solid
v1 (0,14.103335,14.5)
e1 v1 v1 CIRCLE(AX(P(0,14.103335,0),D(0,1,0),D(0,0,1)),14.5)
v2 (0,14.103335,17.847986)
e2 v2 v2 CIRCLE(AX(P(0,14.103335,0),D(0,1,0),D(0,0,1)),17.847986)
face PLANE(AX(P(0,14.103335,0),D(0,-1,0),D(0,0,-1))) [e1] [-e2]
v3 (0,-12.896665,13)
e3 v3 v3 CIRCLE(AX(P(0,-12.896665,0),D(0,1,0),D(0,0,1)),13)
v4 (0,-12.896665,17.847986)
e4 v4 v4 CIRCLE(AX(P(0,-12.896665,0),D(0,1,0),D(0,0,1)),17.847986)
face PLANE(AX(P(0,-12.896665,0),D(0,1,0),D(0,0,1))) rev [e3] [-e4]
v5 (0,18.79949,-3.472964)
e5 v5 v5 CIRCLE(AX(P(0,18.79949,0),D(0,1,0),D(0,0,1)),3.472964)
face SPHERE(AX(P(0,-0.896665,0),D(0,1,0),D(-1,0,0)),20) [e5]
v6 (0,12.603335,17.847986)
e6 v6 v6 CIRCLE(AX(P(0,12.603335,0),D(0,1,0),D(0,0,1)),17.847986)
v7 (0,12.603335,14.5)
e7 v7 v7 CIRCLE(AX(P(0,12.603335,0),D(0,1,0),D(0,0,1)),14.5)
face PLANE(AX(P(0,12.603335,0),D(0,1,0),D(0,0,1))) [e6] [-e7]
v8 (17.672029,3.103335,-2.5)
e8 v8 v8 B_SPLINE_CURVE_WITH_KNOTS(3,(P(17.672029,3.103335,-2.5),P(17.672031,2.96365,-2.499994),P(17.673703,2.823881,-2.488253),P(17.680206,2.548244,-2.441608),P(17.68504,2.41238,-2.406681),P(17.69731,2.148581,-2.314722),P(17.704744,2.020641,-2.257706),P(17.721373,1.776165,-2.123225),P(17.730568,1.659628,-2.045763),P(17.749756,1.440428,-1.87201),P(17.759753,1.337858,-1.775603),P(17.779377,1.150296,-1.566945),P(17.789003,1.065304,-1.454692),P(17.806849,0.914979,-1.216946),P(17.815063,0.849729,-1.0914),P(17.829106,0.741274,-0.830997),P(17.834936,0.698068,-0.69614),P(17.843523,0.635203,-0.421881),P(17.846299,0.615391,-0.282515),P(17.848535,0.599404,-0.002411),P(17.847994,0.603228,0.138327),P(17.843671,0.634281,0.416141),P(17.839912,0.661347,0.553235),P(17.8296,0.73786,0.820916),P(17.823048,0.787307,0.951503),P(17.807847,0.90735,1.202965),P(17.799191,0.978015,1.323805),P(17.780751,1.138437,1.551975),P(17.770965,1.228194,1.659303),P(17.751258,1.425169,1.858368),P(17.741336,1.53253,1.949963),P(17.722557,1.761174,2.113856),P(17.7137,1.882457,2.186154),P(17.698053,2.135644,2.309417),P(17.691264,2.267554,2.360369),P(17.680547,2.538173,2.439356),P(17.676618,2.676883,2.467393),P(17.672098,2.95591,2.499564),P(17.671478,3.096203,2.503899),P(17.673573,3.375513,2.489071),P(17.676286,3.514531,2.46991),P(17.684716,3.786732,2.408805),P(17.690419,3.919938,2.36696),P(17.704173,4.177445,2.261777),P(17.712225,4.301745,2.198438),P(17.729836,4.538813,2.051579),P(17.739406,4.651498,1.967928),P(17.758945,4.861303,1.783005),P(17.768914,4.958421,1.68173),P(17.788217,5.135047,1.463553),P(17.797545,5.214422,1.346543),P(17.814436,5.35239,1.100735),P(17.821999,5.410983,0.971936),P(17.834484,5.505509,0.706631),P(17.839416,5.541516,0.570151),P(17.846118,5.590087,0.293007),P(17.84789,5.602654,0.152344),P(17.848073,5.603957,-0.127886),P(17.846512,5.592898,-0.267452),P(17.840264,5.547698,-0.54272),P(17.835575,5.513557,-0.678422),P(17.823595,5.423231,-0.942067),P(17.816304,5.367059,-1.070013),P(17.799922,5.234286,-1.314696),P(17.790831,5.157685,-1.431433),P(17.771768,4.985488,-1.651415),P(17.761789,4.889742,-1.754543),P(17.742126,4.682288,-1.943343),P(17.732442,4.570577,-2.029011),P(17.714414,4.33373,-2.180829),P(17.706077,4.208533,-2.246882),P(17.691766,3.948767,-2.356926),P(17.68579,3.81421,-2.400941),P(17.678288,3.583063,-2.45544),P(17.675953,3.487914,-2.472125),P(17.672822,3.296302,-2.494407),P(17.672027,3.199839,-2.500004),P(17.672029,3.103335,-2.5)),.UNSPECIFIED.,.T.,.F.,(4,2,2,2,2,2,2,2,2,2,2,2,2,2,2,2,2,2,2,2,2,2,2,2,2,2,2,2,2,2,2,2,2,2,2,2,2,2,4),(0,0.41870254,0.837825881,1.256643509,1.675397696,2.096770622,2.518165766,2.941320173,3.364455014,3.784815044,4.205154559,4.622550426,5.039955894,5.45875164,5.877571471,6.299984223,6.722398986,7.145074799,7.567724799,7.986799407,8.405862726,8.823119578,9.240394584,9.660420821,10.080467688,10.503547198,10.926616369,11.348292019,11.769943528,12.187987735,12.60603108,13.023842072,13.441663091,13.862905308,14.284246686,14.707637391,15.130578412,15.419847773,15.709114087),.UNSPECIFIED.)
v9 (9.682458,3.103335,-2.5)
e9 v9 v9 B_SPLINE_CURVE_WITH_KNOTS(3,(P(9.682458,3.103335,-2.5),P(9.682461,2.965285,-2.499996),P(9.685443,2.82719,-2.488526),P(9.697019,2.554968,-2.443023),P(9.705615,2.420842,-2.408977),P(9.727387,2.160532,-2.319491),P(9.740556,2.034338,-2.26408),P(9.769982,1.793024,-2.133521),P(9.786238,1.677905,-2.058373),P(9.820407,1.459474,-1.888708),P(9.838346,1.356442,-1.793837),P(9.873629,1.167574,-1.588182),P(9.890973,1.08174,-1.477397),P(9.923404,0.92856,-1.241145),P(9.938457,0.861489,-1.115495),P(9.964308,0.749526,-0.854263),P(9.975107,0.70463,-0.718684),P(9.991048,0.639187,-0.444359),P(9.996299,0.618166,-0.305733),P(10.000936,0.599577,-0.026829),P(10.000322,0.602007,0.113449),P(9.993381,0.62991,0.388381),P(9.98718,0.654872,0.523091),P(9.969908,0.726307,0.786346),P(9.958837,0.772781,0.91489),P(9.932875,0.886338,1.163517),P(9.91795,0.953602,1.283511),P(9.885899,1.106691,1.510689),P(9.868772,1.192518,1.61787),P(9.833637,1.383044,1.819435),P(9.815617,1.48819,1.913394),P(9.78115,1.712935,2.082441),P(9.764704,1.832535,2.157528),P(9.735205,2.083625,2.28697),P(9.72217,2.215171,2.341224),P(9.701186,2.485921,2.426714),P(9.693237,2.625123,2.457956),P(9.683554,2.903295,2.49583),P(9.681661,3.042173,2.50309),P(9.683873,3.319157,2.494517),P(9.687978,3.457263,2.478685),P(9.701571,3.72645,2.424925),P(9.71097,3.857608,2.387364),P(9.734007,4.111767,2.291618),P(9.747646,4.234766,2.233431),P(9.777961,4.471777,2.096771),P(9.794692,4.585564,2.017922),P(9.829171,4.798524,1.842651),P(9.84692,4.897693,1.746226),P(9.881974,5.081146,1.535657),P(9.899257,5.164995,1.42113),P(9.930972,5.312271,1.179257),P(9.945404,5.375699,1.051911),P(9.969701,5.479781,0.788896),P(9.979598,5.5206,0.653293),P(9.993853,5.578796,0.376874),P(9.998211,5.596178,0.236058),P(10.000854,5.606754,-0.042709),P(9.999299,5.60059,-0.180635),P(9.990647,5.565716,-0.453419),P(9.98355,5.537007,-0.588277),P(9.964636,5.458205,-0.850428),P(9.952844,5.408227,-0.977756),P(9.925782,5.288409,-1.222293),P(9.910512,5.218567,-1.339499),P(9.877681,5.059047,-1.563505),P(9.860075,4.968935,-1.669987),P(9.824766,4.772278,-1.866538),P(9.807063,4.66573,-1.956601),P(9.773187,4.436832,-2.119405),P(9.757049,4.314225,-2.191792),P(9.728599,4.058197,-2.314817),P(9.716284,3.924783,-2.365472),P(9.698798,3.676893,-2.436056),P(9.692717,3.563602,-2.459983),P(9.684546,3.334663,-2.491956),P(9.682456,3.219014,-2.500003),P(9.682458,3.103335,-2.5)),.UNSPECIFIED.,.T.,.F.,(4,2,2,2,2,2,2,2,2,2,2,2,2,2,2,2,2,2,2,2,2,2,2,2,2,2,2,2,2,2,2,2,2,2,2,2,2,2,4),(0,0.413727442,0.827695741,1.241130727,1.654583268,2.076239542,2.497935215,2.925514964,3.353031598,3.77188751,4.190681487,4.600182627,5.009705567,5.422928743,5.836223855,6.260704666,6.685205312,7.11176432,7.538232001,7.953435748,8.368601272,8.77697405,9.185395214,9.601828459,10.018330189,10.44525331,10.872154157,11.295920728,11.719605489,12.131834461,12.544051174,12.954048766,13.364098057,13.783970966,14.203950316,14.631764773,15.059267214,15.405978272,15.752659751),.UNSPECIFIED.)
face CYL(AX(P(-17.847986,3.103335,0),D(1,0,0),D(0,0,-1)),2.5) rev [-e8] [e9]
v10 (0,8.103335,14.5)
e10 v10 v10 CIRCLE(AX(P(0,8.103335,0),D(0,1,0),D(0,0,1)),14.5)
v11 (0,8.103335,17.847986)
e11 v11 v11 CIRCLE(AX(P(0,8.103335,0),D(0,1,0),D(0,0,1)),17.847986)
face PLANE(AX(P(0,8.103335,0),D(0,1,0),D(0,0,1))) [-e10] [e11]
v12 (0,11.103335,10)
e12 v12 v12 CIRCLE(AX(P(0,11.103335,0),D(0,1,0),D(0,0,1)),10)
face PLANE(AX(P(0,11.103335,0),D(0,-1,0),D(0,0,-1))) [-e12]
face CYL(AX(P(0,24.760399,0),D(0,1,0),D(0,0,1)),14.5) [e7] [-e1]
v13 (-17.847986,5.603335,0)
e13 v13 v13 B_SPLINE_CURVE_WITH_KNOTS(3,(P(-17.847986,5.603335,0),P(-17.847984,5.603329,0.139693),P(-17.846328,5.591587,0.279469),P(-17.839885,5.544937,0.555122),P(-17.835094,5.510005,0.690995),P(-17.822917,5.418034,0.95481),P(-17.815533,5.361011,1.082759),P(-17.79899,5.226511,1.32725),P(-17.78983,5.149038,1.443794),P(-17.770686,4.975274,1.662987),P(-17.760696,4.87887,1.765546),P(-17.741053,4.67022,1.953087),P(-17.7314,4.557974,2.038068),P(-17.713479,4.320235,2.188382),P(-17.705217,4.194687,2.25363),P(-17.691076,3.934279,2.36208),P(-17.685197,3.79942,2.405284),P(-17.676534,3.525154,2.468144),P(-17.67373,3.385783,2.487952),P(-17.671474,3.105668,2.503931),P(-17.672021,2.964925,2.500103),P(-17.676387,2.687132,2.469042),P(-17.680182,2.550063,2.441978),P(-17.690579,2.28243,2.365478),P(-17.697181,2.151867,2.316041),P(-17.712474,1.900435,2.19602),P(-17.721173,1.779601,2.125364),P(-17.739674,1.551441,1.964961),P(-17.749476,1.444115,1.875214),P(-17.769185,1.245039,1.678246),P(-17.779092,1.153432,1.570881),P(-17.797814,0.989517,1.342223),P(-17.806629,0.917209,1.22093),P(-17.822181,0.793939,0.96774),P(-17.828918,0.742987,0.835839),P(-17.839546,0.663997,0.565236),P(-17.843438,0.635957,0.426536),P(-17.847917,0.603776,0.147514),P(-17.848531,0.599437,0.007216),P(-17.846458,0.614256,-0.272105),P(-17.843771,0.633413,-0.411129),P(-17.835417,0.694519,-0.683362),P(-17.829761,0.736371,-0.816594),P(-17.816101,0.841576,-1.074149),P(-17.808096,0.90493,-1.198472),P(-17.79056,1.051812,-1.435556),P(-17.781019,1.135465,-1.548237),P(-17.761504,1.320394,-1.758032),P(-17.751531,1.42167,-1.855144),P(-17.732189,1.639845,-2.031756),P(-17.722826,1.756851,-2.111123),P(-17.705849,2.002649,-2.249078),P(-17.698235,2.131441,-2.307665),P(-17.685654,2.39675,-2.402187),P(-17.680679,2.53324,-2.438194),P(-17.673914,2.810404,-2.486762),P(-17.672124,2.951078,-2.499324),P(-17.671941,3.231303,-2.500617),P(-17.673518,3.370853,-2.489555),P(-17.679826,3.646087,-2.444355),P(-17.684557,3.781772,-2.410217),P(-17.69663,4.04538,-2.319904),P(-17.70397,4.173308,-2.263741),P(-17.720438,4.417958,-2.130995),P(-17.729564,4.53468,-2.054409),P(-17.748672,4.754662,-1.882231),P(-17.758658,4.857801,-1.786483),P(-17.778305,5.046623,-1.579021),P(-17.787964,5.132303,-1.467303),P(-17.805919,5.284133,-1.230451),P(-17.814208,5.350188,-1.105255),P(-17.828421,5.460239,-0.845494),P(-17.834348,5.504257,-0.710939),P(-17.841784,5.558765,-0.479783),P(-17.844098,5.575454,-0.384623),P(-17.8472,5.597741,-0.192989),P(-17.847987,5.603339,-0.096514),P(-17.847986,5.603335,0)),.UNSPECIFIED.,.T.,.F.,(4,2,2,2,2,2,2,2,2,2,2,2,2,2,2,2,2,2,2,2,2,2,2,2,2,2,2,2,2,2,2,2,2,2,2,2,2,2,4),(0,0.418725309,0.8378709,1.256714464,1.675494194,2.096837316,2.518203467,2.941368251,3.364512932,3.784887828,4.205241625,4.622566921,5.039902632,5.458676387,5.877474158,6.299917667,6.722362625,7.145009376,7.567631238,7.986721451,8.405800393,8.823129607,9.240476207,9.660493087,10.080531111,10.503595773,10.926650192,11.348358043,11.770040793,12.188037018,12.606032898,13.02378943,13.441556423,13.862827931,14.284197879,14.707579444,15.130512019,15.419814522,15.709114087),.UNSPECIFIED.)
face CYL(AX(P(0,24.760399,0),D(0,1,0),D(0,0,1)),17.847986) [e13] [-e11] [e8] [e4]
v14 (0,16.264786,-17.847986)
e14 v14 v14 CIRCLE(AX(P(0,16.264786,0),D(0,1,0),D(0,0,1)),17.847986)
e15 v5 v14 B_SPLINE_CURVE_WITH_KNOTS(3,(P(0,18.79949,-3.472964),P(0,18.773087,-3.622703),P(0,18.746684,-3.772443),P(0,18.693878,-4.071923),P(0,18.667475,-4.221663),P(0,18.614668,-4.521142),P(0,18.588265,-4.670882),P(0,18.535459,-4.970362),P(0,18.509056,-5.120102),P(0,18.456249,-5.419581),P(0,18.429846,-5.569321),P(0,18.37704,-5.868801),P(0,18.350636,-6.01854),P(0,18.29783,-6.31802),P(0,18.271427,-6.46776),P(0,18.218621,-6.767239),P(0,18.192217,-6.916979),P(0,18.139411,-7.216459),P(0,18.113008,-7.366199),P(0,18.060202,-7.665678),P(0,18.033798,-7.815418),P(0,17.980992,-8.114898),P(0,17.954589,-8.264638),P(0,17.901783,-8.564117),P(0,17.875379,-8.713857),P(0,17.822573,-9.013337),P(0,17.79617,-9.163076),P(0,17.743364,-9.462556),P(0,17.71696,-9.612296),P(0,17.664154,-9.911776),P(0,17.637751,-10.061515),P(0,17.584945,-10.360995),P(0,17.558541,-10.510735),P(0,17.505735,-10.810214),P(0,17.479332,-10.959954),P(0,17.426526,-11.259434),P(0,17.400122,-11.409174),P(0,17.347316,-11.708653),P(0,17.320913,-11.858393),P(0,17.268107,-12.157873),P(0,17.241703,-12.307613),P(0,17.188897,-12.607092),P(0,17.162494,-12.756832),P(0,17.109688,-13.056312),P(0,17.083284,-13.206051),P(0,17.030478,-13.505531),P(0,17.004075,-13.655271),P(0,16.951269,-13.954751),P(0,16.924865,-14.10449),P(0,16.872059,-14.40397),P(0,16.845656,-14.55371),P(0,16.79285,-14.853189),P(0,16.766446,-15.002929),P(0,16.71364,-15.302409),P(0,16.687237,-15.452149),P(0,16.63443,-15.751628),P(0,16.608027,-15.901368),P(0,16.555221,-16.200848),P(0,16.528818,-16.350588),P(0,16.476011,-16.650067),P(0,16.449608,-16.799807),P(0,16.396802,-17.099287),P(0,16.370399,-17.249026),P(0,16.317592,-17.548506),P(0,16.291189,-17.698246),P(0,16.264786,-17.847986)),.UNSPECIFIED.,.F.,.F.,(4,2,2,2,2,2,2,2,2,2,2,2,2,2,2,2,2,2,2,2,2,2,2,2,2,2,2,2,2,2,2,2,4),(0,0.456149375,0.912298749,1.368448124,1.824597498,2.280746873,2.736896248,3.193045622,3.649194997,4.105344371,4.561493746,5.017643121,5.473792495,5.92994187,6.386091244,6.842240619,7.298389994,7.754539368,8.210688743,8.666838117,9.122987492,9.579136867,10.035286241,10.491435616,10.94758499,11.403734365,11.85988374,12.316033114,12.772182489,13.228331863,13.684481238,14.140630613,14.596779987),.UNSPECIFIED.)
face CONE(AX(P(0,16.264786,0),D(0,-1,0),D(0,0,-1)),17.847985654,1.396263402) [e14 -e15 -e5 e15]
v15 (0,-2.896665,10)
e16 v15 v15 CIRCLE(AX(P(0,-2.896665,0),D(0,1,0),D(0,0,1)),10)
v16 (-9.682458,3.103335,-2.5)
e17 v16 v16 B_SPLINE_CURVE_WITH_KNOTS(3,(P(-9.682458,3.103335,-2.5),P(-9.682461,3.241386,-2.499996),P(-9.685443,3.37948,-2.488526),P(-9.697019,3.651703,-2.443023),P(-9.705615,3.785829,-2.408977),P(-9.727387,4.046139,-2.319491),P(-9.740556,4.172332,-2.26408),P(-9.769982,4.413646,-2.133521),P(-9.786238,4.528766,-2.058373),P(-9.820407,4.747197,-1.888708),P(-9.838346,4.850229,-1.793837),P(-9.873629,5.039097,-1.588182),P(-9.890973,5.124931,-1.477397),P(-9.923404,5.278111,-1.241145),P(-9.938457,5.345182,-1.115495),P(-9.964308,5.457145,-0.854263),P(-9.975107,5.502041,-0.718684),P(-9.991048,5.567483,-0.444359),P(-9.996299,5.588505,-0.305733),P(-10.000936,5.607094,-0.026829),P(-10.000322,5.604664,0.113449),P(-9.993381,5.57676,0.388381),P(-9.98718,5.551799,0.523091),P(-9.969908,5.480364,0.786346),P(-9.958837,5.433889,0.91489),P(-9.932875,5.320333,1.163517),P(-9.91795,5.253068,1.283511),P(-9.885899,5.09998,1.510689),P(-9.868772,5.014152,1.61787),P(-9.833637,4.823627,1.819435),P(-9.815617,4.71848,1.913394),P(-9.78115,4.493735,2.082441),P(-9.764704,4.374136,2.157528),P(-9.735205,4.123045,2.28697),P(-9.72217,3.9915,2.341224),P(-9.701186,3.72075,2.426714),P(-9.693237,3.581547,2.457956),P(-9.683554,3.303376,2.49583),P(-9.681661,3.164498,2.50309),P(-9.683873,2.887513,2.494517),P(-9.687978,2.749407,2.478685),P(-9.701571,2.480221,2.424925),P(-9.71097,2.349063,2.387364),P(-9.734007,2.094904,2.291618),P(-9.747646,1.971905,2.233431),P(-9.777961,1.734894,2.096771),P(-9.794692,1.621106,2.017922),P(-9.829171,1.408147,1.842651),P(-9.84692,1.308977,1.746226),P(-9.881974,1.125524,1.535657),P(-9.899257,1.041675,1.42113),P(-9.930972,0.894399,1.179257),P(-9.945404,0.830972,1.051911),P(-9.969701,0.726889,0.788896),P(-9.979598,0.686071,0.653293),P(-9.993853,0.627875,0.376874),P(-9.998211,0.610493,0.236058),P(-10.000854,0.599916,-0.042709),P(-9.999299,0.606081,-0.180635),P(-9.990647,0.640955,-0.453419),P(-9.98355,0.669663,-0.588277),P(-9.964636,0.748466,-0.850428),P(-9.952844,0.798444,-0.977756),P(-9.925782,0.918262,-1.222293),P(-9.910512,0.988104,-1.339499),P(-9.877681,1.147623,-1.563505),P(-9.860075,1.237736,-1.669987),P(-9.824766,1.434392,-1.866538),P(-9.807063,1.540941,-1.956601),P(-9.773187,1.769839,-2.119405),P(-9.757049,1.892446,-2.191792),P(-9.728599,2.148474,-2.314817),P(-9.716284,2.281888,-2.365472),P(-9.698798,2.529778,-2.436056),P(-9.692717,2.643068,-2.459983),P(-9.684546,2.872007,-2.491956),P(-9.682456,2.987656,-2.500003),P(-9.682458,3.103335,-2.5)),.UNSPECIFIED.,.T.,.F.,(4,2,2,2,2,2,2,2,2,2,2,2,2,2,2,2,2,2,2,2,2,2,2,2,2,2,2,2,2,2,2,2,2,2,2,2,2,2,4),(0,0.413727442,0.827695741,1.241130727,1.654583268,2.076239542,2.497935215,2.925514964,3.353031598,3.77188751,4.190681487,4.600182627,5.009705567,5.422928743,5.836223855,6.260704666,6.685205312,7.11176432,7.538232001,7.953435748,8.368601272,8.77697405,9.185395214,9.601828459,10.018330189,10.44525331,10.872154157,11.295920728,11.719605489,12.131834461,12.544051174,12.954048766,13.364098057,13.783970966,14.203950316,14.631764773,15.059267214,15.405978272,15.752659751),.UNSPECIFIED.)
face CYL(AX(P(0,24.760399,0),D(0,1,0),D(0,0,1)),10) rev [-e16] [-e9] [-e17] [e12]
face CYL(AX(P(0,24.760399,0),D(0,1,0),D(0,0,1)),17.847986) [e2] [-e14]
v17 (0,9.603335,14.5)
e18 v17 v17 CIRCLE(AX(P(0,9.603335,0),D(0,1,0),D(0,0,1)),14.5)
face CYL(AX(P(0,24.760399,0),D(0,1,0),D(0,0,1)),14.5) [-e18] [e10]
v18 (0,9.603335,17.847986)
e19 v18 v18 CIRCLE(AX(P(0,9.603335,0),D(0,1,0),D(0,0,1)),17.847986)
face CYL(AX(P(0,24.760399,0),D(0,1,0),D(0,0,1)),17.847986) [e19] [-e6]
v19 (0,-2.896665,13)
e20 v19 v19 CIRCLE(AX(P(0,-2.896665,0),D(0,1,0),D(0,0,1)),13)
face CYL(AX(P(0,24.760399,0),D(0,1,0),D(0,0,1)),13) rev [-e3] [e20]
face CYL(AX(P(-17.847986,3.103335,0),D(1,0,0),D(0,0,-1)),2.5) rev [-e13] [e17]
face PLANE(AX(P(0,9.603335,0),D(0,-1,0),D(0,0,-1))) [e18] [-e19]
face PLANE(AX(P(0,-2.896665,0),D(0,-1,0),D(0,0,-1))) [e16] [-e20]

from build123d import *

# Parameters (mm, degrees)
CUT_EXTRUDE1_DEPTH      = 32.654993342
CUT_EXTRUDE1_DEPTH_BACK = 32.654993342
SKETCH3_R               = 2.5


with BuildPart() as part:
    # Sketch2 → Revolve1 (revolve)
    with BuildSketch(Plane.XY, mode=Mode.PRIVATE) as revolve1_sk:
        with BuildLine():
            Line((-17.847985654, 8.103335303), (-17.847985654, -12.896664697))
            Line((-17.847985654, -12.896664697), (-13, -12.896664697))
            Line((-13, -12.896664697), (-13, -2.896664697))
            Line((-13, -2.896664697), (-10, -2.896664697))
            Line((-10, -2.896664697), (-10, 11.103335303))
            Line((-10, 11.103335303), (0, 11.103335303))
            Line((0, 11.103335303), (0, 19.103335303))
            ThreePointArc((0, 19.103335303), (-1.743114855, 19.027229265), (-3.472963553, 18.799490363))
            Line((-3.472963553, 18.799490363), (-17.847985654, 16.264786119))
            Line((-17.847985654, 16.264786119), (-17.847985654, 14.103335303))
            Line((-17.847985654, 14.103335303), (-14.5, 14.103335303))
            Line((-14.5, 14.103335303), (-14.5, 12.603335303))
            Line((-14.5, 12.603335303), (-17.847985654, 12.603335303))
            Line((-17.847985654, 12.603335303), (-17.847985654, 9.603335303))
            Line((-17.847985654, 9.603335303), (-14.5, 9.603335303))
            Line((-14.5, 9.603335303), (-14.5, 8.103335303))
            Line((-14.5, 8.103335303), (-17.847985654, 8.103335303))
        make_face()
    revolve(revolve1_sk.sketch.rotate(Axis((0, 24.760398889, 0), (0, -1, 0)), 270), axis=Axis((0, 24.760398889, 0), (0, -1, 0)))

    # Sketch3 → Cut-Extrude1 (cut, two sides: drawn at the far end of the back side and taken through both)
    with BuildSketch(Plane(origin=(0, 0, 0), x_dir=(0, 0, -1), z_dir=(1, 0, 0)).offset(-CUT_EXTRUDE1_DEPTH_BACK)):
        with Locations((0, 3.103335303)):
            Circle(SKETCH3_R)
    extrude(amount=CUT_EXTRUDE1_DEPTH + CUT_EXTRUDE1_DEPTH_BACK, mode=Mode.SUBTRACT)


solid = part.part
